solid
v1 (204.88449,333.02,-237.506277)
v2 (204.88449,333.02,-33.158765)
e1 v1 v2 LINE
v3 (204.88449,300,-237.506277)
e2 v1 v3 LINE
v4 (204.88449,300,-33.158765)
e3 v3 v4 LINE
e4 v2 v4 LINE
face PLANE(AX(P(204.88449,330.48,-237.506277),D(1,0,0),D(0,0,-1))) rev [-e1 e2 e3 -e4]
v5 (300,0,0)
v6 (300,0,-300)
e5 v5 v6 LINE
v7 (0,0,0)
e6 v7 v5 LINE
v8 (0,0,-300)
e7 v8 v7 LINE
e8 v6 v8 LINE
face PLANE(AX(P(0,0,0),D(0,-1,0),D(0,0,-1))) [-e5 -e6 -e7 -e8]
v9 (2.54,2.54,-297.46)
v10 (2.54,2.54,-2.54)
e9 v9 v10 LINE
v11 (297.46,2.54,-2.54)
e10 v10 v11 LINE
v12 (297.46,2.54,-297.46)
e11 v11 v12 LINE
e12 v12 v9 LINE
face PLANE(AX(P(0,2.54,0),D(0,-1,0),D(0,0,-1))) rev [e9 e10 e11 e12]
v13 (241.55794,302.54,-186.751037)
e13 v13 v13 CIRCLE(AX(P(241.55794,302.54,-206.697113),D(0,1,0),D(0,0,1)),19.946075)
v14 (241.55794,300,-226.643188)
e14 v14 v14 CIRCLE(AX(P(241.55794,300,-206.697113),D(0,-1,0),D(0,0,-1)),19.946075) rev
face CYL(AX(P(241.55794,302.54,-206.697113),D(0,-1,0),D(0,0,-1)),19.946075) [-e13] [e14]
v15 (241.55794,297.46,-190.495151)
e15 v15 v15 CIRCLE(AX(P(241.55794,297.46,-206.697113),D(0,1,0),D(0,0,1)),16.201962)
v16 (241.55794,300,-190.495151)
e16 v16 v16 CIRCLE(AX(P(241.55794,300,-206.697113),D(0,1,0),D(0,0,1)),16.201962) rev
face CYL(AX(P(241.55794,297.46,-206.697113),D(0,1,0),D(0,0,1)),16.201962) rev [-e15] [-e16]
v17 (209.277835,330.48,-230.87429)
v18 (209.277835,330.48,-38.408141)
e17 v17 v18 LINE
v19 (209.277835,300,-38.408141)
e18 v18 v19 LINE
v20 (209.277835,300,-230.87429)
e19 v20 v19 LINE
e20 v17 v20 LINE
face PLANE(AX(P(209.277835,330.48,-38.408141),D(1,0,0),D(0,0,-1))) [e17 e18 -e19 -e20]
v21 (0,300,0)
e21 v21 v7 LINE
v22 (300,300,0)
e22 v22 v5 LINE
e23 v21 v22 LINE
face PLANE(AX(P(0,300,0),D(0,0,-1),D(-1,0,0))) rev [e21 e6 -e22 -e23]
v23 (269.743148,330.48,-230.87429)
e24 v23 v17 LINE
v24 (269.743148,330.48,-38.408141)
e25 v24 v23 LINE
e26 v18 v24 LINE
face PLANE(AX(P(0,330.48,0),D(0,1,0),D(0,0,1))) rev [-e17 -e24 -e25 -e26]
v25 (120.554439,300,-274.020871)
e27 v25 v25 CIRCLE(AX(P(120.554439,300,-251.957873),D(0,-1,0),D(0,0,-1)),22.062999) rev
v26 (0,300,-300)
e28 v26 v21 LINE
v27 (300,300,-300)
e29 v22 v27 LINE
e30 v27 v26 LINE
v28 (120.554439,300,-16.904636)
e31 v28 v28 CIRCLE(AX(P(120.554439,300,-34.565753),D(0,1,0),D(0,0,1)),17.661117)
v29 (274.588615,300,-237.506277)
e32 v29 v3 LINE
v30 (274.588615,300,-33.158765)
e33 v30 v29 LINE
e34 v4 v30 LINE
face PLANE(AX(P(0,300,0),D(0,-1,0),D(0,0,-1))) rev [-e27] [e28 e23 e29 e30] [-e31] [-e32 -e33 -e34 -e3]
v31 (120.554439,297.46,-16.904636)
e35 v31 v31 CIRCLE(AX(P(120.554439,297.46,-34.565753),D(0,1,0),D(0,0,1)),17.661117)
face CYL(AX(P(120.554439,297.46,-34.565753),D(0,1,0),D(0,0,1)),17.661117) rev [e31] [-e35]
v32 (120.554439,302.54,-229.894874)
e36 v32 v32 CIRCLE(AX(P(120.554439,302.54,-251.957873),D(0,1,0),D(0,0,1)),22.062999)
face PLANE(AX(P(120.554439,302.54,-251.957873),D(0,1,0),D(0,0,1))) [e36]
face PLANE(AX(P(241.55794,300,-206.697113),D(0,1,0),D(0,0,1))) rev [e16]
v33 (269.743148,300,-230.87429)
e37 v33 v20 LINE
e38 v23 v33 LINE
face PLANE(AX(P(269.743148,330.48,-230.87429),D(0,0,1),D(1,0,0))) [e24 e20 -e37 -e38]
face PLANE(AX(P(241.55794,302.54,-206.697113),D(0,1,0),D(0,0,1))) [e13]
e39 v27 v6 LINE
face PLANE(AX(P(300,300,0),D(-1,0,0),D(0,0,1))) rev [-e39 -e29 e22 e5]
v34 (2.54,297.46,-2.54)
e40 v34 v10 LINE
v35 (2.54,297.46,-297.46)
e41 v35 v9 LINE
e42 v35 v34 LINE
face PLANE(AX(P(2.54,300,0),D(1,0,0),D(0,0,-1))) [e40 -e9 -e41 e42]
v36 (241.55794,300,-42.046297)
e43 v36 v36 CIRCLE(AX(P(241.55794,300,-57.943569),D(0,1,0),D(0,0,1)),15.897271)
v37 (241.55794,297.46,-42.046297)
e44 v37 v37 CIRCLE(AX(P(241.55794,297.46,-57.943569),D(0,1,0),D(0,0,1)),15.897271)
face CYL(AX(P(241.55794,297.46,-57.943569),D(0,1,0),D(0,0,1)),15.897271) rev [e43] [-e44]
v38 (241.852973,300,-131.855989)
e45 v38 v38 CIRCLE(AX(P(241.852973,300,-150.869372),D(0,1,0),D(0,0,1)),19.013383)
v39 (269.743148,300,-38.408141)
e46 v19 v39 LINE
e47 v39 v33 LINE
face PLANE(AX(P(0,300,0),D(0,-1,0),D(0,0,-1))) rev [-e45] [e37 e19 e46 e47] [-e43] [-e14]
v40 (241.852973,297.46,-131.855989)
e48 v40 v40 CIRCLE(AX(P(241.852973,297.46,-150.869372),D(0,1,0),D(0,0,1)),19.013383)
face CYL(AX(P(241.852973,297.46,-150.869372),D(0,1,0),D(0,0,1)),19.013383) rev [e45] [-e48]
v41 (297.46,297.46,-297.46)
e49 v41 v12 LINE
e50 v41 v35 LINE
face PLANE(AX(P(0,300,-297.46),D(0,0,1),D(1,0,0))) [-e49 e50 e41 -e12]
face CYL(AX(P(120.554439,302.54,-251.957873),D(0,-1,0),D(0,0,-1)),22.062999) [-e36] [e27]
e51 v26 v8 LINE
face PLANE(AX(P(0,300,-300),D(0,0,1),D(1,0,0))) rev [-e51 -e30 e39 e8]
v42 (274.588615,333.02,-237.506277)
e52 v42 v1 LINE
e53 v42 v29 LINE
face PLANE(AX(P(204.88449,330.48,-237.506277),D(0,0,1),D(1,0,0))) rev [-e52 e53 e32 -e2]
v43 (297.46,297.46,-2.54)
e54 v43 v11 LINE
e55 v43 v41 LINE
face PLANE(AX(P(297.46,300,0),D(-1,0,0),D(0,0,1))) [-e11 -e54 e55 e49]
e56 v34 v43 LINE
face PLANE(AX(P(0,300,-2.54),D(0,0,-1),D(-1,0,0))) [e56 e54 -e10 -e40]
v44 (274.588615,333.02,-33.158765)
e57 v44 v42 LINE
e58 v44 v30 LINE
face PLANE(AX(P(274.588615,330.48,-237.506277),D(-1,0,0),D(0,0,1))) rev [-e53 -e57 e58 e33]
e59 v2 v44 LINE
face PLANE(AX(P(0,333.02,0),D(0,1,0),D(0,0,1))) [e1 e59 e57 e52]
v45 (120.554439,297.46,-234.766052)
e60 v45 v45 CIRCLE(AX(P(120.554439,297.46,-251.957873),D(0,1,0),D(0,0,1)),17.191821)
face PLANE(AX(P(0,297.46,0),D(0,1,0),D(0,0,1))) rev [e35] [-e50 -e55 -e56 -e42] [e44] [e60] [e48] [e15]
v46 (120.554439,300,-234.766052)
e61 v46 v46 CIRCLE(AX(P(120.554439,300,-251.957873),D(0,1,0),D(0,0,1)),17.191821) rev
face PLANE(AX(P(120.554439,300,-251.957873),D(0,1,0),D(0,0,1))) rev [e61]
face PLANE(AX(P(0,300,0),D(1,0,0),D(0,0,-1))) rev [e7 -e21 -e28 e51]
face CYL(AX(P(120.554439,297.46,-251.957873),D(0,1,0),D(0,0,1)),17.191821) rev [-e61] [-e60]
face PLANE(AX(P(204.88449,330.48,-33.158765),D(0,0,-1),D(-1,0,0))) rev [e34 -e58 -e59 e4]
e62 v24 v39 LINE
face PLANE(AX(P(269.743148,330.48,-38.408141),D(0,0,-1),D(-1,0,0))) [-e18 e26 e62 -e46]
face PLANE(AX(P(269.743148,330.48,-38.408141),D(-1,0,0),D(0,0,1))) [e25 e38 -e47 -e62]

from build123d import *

# Parameters (mm, degrees)
SKETCH1_W           = 300
SKETCH1_H           = 300
BOSS_EXTRUDE1_DEPTH = 300
SHELL1_T            = -2.54
SKETCH2_W           = 300
SKETCH2_H           = 300
BOSS_EXTRUDE2_DEPTH = 2.54
SKETCH3_R           = 15.897271206
SKETCH3_R_2         = 16.201962057
SKETCH3_R_3         = 17.191821314
SKETCH3_R_4         = 17.661116969
CUT_EXTRUDE1_DEPTH  = 2.54
SKETCH4_R           = 22.06299853
SKETCH4_R_2         = 19.946075444
BOSS_EXTRUDE3_DEPTH = 2.54
SKETCH5_R           = 19.013382907
CUT_EXTRUDE2_DEPTH  = 2.54
SKETCH6_W           = 69.704124702
SKETCH6_H           = 204.3475123
SKETCH6_W_2         = 60.465312628
SKETCH6_H_2         = 192.466149128
BOSS_EXTRUDE4_DEPTH = 30.48
SKETCH7_W           = 69.704124702
SKETCH7_H           = 204.3475123
BOSS_EXTRUDE5_DEPTH = 2.54


with BuildPart() as part:
    # Sketch1 → Boss-Extrude1 (new body)
    with BuildSketch(Plane(origin=(0, 0, 0), x_dir=(1, 0, 0), z_dir=(0, 1, 0))):
        with Locations((150, 150)):
            Rectangle(SKETCH1_W, SKETCH1_H)
    extrude(amount=BOSS_EXTRUDE1_DEPTH)

    # Shell1
    shell1_openings = [part.faces().sort_by_distance(p)[0] for p in [
        (150, 300, -150),
    ]]
    offset(amount=SHELL1_T, openings=shell1_openings, kind=Kind.INTERSECTION)

    # Sketch2 → Boss-Extrude2 (add)
    with BuildSketch(Plane(origin=(0, 300, 0), x_dir=(1, 0, 0), z_dir=(0, 1, 0))):
        with Locations((150, 150)):
            Rectangle(SKETCH2_W, SKETCH2_H)
    extrude(amount=-BOSS_EXTRUDE2_DEPTH)

    # Sketch3 → Cut-Extrude1 (cut)
    with BuildSketch(Plane(origin=(0, 300, 0), x_dir=(1, 0, 0), z_dir=(0, 1, 0))):
        with Locations(Location((241.55793996, 57.94356866, 0), (0, 0, 270))):
            Circle(SKETCH3_R)
        with Locations(Location((241.55793996, 206.697112563, 0), (0, 0, 270))):
            Circle(SKETCH3_R_2)
        with Locations(Location((120.554438902, 251.95787292, 0), (0, 0, 270))):
            Circle(SKETCH3_R_3)
        with Locations(Location((120.554438902, 34.565752922, 0), (0, 0, 270))):
            Circle(SKETCH3_R_4)
    extrude(amount=-CUT_EXTRUDE1_DEPTH, mode=Mode.SUBTRACT)

    # Sketch4 → Boss-Extrude3 (add)
    with BuildSketch(Plane(origin=(0, 300, 0), x_dir=(1, 0, 0), z_dir=(0, 1, 0))):
        with Locations(Location((120.554438902, 251.95787292, 0), (0, 0, 90))):
            Circle(SKETCH4_R)
        with Locations(Location((241.55793996, 206.697112563, 0), (0, 0, 90))):
            Circle(SKETCH4_R_2)
    extrude(amount=BOSS_EXTRUDE3_DEPTH)

    # Sketch5 → Cut-Extrude2 (cut)
    with BuildSketch(Plane(origin=(0, 300, 0), x_dir=(1, 0, 0), z_dir=(0, 1, 0))):
        with Locations(Location((241.852973127, 150.869372117, 0), (0, 0, 270))):
            Circle(SKETCH5_R)
    extrude(amount=-CUT_EXTRUDE2_DEPTH, mode=Mode.SUBTRACT)

    # Sketch6 → Boss-Extrude4 (add)
    with BuildSketch(Plane(origin=(0, 300, 0), x_dir=(1, 0, 0), z_dir=(0, 1, 0))):
        with Locations((239.736552446, 135.332520717)):
            Rectangle(SKETCH6_W, SKETCH6_H)
        with Locations((239.510491416, 134.641215144)):
            Rectangle(SKETCH6_W_2, SKETCH6_H_2, mode=Mode.SUBTRACT)
    extrude(amount=BOSS_EXTRUDE4_DEPTH)

    # Sketch7 → Boss-Extrude5 (add)
    with BuildSketch(Plane(origin=(0, 330.48, 0), x_dir=(1, 0, 0), z_dir=(0, 1, 0))):
        with Locations((239.736552446, 135.332520717)):
            Rectangle(SKETCH7_W, SKETCH7_H)
    extrude(amount=BOSS_EXTRUDE5_DEPTH)


solid = part.part
